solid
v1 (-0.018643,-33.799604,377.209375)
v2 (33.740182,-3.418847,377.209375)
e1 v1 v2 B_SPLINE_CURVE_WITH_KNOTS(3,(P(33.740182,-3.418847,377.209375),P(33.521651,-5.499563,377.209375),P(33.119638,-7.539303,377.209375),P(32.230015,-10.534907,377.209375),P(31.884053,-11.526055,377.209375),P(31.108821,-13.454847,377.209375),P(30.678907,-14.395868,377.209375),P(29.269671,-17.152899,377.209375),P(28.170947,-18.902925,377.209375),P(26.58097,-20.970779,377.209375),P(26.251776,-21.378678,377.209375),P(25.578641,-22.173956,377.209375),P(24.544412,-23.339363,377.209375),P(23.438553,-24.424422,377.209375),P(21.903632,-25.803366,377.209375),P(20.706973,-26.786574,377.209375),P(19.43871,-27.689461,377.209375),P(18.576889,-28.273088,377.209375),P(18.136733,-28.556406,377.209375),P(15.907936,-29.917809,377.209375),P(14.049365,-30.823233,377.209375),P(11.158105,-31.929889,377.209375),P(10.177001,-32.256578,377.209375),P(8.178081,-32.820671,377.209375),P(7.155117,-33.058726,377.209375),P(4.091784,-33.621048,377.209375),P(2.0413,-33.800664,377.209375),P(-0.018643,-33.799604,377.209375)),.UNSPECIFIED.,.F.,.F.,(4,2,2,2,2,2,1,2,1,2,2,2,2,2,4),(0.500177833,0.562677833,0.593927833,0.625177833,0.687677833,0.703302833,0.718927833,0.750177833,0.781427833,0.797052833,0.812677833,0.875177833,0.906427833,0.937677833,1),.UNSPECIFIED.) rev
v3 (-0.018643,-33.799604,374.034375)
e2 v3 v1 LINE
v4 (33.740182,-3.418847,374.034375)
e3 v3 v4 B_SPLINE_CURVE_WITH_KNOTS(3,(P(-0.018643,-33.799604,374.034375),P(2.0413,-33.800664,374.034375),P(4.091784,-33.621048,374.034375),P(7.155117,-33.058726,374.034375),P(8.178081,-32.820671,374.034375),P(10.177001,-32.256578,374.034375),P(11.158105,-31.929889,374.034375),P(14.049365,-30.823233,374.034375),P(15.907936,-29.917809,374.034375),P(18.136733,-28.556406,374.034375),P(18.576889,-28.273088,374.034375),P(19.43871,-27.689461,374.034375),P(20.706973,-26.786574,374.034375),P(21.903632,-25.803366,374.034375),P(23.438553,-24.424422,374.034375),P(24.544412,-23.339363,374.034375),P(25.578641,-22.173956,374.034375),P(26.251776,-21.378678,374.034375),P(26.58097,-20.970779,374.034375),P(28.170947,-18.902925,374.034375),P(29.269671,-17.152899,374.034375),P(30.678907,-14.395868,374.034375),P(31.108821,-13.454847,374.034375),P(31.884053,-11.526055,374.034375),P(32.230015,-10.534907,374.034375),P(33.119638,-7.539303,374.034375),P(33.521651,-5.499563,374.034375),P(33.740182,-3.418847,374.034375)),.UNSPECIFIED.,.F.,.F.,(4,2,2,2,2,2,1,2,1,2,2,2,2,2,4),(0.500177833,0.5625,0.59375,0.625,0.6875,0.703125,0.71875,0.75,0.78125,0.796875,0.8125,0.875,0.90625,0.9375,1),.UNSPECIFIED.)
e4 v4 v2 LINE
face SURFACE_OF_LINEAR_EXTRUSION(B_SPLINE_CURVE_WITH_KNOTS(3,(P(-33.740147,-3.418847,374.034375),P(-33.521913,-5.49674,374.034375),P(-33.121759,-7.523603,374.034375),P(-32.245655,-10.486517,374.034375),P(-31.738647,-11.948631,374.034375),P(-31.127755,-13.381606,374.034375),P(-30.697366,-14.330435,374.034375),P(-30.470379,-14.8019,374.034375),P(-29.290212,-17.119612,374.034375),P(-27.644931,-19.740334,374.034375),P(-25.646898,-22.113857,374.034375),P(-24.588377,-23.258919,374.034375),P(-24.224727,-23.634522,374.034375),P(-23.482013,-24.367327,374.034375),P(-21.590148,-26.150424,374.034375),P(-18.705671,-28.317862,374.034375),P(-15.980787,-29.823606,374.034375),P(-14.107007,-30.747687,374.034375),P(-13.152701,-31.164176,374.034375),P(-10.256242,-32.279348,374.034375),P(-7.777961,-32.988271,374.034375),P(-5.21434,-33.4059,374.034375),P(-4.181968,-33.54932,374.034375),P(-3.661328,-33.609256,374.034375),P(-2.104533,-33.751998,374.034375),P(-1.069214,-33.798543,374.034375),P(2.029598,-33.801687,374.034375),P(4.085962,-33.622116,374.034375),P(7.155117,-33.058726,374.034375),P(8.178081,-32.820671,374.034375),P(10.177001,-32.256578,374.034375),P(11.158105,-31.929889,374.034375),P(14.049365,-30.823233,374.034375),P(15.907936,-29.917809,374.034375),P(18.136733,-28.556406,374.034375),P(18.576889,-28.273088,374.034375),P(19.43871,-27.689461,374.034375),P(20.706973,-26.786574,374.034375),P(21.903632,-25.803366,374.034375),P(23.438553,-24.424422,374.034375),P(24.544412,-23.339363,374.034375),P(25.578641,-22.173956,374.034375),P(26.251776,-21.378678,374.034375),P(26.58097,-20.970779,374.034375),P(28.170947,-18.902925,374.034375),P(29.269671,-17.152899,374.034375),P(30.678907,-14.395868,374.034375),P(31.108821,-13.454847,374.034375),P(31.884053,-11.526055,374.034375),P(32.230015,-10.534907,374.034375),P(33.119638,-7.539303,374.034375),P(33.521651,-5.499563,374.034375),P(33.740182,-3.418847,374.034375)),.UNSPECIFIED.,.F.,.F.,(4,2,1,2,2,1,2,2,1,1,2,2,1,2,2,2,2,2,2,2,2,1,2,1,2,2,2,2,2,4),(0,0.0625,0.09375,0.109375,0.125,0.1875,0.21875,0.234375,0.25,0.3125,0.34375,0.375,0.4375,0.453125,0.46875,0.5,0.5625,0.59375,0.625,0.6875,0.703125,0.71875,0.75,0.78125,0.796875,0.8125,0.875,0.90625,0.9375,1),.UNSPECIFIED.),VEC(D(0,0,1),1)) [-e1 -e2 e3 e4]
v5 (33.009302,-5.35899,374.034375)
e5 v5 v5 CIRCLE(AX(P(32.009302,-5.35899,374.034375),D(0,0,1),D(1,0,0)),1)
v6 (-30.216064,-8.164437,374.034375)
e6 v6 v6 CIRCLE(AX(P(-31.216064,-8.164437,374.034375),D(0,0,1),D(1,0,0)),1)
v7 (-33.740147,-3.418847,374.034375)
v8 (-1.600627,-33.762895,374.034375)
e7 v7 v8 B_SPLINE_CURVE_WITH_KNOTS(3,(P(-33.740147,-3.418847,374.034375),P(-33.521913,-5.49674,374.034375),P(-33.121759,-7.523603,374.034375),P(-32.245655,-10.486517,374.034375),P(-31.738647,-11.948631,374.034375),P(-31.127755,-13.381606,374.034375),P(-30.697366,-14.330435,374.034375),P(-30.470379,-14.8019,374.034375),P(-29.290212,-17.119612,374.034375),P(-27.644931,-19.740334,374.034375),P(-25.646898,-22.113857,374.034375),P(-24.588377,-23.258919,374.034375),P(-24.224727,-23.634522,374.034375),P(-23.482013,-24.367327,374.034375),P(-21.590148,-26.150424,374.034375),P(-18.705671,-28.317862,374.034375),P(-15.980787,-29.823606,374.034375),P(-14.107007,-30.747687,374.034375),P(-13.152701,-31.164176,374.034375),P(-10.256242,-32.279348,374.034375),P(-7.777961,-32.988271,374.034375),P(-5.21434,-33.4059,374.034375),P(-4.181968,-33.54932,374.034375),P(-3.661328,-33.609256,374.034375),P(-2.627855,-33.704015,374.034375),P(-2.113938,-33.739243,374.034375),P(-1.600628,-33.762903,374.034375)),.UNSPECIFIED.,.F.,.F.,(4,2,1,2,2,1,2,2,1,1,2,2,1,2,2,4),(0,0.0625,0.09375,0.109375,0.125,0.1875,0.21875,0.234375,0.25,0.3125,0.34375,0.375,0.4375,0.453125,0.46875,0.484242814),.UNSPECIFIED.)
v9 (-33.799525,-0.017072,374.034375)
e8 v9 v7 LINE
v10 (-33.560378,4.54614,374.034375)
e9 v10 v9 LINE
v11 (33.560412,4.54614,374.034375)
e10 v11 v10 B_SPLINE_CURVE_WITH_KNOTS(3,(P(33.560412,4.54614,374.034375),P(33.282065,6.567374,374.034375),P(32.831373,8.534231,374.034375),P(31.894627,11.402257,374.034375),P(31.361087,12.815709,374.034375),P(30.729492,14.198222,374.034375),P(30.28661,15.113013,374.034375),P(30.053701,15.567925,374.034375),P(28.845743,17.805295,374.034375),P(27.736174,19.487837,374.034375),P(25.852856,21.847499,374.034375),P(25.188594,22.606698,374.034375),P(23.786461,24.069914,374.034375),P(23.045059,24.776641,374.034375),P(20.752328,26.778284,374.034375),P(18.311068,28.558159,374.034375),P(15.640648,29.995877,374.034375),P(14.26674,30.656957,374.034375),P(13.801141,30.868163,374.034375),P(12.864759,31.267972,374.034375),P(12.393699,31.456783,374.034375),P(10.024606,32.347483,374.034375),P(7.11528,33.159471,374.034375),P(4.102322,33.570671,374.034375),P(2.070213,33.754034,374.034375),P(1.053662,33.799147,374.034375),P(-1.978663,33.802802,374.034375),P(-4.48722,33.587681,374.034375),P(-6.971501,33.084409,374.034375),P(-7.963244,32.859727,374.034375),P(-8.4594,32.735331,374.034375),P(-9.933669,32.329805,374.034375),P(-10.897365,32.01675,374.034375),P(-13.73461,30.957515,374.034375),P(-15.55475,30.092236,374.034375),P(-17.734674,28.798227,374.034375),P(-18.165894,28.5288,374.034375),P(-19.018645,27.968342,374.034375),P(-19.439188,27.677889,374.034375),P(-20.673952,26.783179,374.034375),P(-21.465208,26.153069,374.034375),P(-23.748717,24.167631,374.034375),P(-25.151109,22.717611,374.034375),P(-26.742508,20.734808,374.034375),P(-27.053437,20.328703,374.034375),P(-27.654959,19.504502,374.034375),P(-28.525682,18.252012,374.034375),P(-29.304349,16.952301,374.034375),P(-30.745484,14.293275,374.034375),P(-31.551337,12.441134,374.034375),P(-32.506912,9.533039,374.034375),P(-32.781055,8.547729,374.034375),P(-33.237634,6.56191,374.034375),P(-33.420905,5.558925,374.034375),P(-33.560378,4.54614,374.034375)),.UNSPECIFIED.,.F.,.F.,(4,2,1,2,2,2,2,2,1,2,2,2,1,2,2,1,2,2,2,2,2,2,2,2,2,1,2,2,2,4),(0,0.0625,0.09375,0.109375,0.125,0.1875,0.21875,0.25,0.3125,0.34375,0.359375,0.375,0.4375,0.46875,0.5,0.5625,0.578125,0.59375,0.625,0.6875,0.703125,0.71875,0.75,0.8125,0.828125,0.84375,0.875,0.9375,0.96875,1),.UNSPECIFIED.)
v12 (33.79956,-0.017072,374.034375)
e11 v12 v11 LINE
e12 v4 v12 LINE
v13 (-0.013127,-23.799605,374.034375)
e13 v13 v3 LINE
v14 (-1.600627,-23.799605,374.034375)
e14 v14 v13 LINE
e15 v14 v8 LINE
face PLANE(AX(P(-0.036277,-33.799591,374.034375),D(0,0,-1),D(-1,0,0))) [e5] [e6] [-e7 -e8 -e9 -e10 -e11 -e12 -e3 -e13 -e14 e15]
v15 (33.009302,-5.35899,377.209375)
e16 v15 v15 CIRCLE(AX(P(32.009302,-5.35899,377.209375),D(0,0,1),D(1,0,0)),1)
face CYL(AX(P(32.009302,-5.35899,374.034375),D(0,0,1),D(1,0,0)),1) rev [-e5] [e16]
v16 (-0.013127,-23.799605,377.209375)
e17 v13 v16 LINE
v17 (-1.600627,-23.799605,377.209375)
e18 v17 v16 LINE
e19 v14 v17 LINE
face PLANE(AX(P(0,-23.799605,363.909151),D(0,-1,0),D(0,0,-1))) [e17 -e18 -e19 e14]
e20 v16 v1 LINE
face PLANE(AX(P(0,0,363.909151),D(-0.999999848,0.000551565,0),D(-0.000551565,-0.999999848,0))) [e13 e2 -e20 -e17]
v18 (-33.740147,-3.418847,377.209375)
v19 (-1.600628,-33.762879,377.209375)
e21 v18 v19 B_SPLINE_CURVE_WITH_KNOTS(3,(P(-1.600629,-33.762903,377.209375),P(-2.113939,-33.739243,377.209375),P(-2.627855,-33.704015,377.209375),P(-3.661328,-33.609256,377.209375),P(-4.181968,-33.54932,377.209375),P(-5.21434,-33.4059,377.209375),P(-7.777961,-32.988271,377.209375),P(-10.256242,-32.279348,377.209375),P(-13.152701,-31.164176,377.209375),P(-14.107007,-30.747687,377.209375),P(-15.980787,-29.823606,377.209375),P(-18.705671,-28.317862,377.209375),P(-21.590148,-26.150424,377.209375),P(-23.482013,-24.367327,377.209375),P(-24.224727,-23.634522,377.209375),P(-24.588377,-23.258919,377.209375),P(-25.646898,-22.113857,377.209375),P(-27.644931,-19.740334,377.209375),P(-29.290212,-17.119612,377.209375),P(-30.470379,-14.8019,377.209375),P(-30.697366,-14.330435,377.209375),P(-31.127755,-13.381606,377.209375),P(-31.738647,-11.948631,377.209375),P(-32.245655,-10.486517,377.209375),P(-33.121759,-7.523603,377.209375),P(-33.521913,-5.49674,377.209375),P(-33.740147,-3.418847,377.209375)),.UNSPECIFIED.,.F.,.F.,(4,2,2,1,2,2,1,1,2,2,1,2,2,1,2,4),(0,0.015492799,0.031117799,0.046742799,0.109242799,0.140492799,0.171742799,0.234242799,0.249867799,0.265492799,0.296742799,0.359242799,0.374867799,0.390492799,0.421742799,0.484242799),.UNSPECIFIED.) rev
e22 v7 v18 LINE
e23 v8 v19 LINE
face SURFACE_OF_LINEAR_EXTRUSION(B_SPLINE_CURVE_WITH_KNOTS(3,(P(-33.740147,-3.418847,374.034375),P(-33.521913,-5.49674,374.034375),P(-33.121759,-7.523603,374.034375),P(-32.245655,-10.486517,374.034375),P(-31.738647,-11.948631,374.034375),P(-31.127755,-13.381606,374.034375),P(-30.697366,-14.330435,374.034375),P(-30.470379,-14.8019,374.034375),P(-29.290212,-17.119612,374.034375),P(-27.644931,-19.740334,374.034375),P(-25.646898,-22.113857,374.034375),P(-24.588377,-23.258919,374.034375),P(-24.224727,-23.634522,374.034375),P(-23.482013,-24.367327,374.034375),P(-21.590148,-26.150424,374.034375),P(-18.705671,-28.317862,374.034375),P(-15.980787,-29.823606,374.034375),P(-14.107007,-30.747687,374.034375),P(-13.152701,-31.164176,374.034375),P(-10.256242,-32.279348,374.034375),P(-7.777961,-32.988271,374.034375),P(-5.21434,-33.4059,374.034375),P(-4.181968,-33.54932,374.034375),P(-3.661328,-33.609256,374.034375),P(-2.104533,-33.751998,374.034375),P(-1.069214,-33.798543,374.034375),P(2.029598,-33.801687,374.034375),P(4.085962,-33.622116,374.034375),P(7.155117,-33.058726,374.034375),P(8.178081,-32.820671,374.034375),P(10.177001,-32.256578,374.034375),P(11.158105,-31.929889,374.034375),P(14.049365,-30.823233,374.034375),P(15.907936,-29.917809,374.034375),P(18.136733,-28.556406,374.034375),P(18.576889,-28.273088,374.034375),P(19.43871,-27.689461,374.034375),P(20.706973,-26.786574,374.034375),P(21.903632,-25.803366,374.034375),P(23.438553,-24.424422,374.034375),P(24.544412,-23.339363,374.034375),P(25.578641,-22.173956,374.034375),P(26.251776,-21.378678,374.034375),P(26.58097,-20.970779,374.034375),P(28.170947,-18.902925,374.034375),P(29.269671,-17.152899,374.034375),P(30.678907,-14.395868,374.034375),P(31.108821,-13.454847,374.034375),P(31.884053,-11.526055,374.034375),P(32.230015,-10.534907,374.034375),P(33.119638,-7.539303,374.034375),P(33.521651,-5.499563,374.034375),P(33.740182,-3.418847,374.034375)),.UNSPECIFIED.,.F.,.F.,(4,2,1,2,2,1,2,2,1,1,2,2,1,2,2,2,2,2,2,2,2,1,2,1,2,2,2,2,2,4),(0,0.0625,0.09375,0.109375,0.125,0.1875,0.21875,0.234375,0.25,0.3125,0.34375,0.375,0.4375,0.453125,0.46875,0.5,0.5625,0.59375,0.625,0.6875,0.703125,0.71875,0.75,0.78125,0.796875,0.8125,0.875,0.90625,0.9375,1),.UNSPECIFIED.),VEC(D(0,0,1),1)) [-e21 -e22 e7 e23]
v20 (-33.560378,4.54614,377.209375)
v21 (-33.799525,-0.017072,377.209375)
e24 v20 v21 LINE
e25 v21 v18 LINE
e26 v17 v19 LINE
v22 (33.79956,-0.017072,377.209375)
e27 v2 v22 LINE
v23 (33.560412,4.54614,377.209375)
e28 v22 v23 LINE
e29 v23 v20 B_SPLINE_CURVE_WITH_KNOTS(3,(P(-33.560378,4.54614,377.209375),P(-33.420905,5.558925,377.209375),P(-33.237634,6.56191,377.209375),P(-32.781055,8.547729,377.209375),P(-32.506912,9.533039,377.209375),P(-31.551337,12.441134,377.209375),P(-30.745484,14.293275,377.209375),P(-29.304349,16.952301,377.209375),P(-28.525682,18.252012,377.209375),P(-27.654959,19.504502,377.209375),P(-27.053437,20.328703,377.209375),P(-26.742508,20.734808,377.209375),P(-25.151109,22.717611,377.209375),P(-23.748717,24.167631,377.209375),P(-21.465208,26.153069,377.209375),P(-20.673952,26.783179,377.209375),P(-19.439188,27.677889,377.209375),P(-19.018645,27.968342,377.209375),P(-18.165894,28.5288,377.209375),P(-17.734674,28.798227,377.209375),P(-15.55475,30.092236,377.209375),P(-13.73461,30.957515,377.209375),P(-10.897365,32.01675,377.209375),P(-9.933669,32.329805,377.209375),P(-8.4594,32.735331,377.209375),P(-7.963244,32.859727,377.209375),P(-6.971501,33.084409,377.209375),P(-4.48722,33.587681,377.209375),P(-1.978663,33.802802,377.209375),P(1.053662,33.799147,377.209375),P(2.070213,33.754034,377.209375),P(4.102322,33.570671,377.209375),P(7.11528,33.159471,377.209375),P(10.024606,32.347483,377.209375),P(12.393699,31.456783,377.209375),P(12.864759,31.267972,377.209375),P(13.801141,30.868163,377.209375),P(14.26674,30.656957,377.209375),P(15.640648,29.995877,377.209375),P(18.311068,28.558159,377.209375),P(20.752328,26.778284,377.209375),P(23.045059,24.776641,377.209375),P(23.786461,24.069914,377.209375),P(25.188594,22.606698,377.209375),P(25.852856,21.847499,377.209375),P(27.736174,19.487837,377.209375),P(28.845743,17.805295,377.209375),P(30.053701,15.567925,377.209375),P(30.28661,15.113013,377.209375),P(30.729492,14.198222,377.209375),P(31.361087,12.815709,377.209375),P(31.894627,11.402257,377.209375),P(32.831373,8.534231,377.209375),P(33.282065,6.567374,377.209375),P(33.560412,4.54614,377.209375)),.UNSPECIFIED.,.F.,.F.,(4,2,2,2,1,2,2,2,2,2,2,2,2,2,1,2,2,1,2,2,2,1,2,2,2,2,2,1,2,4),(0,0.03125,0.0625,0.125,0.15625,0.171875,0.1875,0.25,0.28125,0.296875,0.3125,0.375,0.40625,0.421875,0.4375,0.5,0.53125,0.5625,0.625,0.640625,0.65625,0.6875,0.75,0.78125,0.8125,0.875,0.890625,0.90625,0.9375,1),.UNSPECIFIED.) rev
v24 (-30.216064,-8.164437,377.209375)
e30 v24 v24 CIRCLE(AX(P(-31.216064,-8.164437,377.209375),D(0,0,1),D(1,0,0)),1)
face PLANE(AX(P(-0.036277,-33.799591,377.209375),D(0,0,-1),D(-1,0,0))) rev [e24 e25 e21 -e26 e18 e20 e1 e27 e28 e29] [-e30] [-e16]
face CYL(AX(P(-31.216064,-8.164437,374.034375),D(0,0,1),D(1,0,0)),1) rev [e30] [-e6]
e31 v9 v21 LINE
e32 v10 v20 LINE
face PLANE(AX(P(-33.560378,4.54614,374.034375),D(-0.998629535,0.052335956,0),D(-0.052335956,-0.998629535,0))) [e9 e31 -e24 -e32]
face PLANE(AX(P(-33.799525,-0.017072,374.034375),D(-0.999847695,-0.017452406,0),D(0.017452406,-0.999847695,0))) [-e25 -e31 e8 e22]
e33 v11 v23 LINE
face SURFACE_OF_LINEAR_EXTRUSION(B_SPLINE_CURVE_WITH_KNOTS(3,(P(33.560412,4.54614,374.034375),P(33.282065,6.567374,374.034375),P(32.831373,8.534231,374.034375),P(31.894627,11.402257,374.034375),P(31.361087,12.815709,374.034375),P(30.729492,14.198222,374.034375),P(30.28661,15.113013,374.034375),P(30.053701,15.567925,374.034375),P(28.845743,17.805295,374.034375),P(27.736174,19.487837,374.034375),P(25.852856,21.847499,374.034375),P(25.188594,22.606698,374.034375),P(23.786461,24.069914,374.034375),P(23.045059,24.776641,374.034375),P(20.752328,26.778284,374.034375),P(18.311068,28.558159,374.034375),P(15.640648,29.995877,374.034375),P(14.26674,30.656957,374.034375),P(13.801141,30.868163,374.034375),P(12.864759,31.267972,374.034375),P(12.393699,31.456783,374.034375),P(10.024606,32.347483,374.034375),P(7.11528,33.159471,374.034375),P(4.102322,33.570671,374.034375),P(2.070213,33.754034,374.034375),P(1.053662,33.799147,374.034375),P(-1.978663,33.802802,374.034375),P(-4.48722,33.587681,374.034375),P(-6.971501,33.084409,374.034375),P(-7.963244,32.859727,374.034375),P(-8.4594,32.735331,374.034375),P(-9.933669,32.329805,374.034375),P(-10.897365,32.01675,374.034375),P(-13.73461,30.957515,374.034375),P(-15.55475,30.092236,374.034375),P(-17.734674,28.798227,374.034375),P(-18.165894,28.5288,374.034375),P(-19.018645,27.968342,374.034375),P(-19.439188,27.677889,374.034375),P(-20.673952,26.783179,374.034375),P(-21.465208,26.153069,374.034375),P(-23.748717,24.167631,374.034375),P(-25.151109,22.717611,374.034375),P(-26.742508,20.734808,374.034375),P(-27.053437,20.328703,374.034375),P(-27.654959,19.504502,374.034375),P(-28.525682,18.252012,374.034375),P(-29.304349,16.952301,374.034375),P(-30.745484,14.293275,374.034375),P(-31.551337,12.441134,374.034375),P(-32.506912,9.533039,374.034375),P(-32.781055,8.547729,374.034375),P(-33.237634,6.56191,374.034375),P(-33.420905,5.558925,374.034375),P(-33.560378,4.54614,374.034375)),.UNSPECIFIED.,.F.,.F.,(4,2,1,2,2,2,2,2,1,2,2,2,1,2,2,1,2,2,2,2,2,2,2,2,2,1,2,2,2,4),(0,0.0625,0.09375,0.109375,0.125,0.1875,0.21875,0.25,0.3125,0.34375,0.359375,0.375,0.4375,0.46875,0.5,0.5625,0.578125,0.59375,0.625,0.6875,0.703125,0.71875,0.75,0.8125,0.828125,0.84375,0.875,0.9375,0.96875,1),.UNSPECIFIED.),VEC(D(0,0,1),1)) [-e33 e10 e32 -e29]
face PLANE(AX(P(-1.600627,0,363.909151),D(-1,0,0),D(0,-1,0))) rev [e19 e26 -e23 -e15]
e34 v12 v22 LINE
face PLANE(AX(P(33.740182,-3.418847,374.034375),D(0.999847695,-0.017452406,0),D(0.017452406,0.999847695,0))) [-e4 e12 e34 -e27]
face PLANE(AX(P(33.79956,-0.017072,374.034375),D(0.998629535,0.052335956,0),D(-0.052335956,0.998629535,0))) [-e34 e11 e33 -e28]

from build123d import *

# Parameters (mm, degrees)
BOSS_EXTRUDE1_DEPTH = 3.175
SKETCH2_R           = 1
CUT_EXTRUDE1_DEPTH  = 3.175
CUT_EXTRUDE2_DEPTH  = 3.175


with BuildPart() as part:
    # Sketch1 → Boss-Extrude1 (new body)
    with BuildSketch(Plane.XY.offset(377.209374622)):
        with BuildLine():
            Line((-33.799525455, -0.017072147), (-33.740147252, -3.418847174))
            add(Edge.make_bspline(
                [(-33.740147252, -3.418847174), (-33.521913435, -5.496739744), (-33.121758608, -7.52360336), (-32.245655467, -10.48651683), (-31.738647045, -11.948631126), (-31.127755378, -13.381606109), (-30.697366268, -14.330435347), (-30.470378572, -14.801900059), (-29.290211733, -17.119612441), (-27.644930506, -19.740333777), (-25.646898465, -22.113857284), (-24.588376817, -23.258919171), (-24.224726915, -23.634521718), (-23.482012785, -24.367327148), (-21.59014774, -26.150424449), (-18.705670827, -28.317861845), (-15.980786711, -29.823605713), (-14.107006772, -30.74768667), (-13.152701084, -31.164175695), (-10.256242476, -32.27934775), (-7.777960893, -32.988270972), (-5.214339656, -33.405899808), (-4.181967985, -33.549320099), (-3.661328308, -33.60925586), (-2.104532681, -33.751997759), (-1.069213869, -33.798542764), (2.029597644, -33.801687472), (4.085962141, -33.622116253), (7.155117004, -33.058726493), (8.178081257, -32.820670852), (10.177000978, -32.256577633), (11.158104767, -31.929888742), (14.04936497, -30.823232748), (15.907936031, -29.917809181), (18.13673294, -28.556406158), (18.576889104, -28.273087614), (19.438710135, -27.689460729), (20.706973253, -26.786573761), (21.903631517, -25.803366446), (23.438553372, -24.424422105), (24.544411843, -23.339363165), (25.578640539, -22.173955923), (26.251776296, -21.378677652), (26.580969723, -20.970778515), (28.17094662, -18.902925334), (29.269671397, -17.152899222), (30.678907287, -14.395868232), (31.108821176, -13.454846631), (31.884053374, -11.526054988), (32.230015293, -10.534907216), (33.119638114, -7.539302803), (33.521651228, -5.499562958), (33.740182048, -3.418847117)],
                knots=[0, 0, 0, 0, 0.0625, 0.0625, 0.09375, 0.109375, 0.109375, 0.125, 0.125, 0.1875, 0.21875, 0.21875, 0.234375, 0.234375, 0.25, 0.3125, 0.34375, 0.34375, 0.375, 0.375, 0.4375, 0.453125, 0.453125, 0.46875, 0.46875, 0.5, 0.5, 0.5625, 0.5625, 0.59375, 0.59375, 0.625, 0.625, 0.6875, 0.6875, 0.703125, 0.703125, 0.71875, 0.75, 0.75, 0.78125, 0.796875, 0.796875, 0.8125, 0.8125, 0.875, 0.875, 0.90625, 0.90625, 0.9375, 0.9375, 1, 1, 1, 1], degree=3))
            Line((33.740182048, -3.418847117), (33.799560251, -0.017072147))
            Line((33.799560251, -0.017072147), (33.560412457, 4.546139609))
            add(Edge.make_bspline(
                [(33.560412457, 4.546139609), (33.282065399, 6.567374379), (32.831372803, 8.534230691), (31.894626922, 11.402256897), (31.361087401, 12.815708643), (30.729491779, 14.19822173), (30.286610148, 15.113013144), (30.053701075, 15.567925007), (28.845742701, 17.805295292), (27.73617385, 19.487837269), (25.852855801, 21.84749908), (25.188593752, 22.606698061), (23.786460552, 24.069913543), (23.045059446, 24.776640829), (20.752328135, 26.778284029), (18.311067746, 28.558159122), (15.640647898, 29.995877244), (14.266739996, 30.656956524), (13.801141084, 30.868163008), (12.864758887, 31.267971853), (12.393699461, 31.456783193), (10.024605965, 32.347483289), (7.115279765, 33.1594713), (4.10232218, 33.57067126), (2.070213322, 33.754033964), (1.053662161, 33.799146951), (-1.978663229, 33.802802386), (-4.487220386, 33.587681269), (-6.97150073, 33.084409187), (-7.963243622, 32.859726611), (-8.459399615, 32.73533069), (-9.933669217, 32.329805435), (-10.897365307, 32.016750487), (-13.734609646, 30.957514861), (-15.554750033, 30.092235814), (-17.734673571, 28.798227251), (-18.165893543, 28.52880028), (-19.018645374, 27.968342063), (-19.439187613, 27.677889019), (-20.673952363, 26.783179445), (-21.465207676, 26.153069384), (-23.74871726, 24.167631397), (-25.151109466, 22.717611147), (-26.742507526, 20.734807748), (-27.053436756, 20.328702835), (-27.654958645, 19.504501759), (-28.525682186, 18.252011757), (-29.304349299, 16.952301265), (-30.745483656, 14.293275375), (-31.551336523, 12.44113352), (-32.506911863, 9.533039369), (-32.781055324, 8.547728647), (-33.237634192, 6.561909519), (-33.420905282, 5.558925362), (-33.560377664, 4.546139552)],
                knots=[0, 0, 0, 0, 0.0625, 0.0625, 0.09375, 0.109375, 0.109375, 0.125, 0.125, 0.1875, 0.1875, 0.21875, 0.21875, 0.25, 0.25, 0.3125, 0.34375, 0.34375, 0.359375, 0.359375, 0.375, 0.375, 0.4375, 0.46875, 0.46875, 0.5, 0.5, 0.5625, 0.578125, 0.578125, 0.59375, 0.59375, 0.625, 0.625, 0.6875, 0.6875, 0.703125, 0.703125, 0.71875, 0.71875, 0.75, 0.75, 0.8125, 0.8125, 0.828125, 0.828125, 0.84375, 0.875, 0.875, 0.9375, 0.9375, 0.96875, 0.96875, 1, 1, 1, 1], degree=3))
            Line((-33.560377664, 4.546139552), (-33.799525455, -0.017072147))
        make_face()
    extrude(amount=-BOSS_EXTRUDE1_DEPTH)

    # Sketch2 → Cut-Extrude1 (cut)
    with BuildSketch(Plane.XY.offset(377.209374622)):
        with Locations((32.009302375, -5.358989516)):
            Circle(SKETCH2_R)
        with Locations((-31.216064399, -8.164436653)):
            Circle(SKETCH2_R)
    extrude(amount=-CUT_EXTRUDE1_DEPTH, mode=Mode.SUBTRACT)

    # Sketch3 → Cut-Extrude2 (cut)
    with BuildSketch(Plane.XY.offset(377.209374622)):
        with BuildLine():
            Line((-0.018642697, -33.799604512), (-0.013127042, -23.799604512))
            Line((-0.013127042, -23.799604512), (-1.600627042, -23.799604512))
            Line((-1.600627042, -23.799604512), (-1.600627042, -33.762903096))
            add(Edge.make_bspline(
                [(-1.600627042, -33.762903096), (-1.078557444, -33.786966452), (-0.557114308, -33.799062449), (-0.030398621, -33.799596965), (-0.024520621, -33.79960146), (-0.018642697, -33.799604483)],
                knots=[0.484242822, 0.484242822, 0.484242822, 0.484242822, 0.5, 0.5, 0.500177833, 0.500177833, 0.500177833, 0.500177833], degree=3))
        make_face()
    extrude(amount=-CUT_EXTRUDE2_DEPTH, mode=Mode.SUBTRACT)


solid = part.part
